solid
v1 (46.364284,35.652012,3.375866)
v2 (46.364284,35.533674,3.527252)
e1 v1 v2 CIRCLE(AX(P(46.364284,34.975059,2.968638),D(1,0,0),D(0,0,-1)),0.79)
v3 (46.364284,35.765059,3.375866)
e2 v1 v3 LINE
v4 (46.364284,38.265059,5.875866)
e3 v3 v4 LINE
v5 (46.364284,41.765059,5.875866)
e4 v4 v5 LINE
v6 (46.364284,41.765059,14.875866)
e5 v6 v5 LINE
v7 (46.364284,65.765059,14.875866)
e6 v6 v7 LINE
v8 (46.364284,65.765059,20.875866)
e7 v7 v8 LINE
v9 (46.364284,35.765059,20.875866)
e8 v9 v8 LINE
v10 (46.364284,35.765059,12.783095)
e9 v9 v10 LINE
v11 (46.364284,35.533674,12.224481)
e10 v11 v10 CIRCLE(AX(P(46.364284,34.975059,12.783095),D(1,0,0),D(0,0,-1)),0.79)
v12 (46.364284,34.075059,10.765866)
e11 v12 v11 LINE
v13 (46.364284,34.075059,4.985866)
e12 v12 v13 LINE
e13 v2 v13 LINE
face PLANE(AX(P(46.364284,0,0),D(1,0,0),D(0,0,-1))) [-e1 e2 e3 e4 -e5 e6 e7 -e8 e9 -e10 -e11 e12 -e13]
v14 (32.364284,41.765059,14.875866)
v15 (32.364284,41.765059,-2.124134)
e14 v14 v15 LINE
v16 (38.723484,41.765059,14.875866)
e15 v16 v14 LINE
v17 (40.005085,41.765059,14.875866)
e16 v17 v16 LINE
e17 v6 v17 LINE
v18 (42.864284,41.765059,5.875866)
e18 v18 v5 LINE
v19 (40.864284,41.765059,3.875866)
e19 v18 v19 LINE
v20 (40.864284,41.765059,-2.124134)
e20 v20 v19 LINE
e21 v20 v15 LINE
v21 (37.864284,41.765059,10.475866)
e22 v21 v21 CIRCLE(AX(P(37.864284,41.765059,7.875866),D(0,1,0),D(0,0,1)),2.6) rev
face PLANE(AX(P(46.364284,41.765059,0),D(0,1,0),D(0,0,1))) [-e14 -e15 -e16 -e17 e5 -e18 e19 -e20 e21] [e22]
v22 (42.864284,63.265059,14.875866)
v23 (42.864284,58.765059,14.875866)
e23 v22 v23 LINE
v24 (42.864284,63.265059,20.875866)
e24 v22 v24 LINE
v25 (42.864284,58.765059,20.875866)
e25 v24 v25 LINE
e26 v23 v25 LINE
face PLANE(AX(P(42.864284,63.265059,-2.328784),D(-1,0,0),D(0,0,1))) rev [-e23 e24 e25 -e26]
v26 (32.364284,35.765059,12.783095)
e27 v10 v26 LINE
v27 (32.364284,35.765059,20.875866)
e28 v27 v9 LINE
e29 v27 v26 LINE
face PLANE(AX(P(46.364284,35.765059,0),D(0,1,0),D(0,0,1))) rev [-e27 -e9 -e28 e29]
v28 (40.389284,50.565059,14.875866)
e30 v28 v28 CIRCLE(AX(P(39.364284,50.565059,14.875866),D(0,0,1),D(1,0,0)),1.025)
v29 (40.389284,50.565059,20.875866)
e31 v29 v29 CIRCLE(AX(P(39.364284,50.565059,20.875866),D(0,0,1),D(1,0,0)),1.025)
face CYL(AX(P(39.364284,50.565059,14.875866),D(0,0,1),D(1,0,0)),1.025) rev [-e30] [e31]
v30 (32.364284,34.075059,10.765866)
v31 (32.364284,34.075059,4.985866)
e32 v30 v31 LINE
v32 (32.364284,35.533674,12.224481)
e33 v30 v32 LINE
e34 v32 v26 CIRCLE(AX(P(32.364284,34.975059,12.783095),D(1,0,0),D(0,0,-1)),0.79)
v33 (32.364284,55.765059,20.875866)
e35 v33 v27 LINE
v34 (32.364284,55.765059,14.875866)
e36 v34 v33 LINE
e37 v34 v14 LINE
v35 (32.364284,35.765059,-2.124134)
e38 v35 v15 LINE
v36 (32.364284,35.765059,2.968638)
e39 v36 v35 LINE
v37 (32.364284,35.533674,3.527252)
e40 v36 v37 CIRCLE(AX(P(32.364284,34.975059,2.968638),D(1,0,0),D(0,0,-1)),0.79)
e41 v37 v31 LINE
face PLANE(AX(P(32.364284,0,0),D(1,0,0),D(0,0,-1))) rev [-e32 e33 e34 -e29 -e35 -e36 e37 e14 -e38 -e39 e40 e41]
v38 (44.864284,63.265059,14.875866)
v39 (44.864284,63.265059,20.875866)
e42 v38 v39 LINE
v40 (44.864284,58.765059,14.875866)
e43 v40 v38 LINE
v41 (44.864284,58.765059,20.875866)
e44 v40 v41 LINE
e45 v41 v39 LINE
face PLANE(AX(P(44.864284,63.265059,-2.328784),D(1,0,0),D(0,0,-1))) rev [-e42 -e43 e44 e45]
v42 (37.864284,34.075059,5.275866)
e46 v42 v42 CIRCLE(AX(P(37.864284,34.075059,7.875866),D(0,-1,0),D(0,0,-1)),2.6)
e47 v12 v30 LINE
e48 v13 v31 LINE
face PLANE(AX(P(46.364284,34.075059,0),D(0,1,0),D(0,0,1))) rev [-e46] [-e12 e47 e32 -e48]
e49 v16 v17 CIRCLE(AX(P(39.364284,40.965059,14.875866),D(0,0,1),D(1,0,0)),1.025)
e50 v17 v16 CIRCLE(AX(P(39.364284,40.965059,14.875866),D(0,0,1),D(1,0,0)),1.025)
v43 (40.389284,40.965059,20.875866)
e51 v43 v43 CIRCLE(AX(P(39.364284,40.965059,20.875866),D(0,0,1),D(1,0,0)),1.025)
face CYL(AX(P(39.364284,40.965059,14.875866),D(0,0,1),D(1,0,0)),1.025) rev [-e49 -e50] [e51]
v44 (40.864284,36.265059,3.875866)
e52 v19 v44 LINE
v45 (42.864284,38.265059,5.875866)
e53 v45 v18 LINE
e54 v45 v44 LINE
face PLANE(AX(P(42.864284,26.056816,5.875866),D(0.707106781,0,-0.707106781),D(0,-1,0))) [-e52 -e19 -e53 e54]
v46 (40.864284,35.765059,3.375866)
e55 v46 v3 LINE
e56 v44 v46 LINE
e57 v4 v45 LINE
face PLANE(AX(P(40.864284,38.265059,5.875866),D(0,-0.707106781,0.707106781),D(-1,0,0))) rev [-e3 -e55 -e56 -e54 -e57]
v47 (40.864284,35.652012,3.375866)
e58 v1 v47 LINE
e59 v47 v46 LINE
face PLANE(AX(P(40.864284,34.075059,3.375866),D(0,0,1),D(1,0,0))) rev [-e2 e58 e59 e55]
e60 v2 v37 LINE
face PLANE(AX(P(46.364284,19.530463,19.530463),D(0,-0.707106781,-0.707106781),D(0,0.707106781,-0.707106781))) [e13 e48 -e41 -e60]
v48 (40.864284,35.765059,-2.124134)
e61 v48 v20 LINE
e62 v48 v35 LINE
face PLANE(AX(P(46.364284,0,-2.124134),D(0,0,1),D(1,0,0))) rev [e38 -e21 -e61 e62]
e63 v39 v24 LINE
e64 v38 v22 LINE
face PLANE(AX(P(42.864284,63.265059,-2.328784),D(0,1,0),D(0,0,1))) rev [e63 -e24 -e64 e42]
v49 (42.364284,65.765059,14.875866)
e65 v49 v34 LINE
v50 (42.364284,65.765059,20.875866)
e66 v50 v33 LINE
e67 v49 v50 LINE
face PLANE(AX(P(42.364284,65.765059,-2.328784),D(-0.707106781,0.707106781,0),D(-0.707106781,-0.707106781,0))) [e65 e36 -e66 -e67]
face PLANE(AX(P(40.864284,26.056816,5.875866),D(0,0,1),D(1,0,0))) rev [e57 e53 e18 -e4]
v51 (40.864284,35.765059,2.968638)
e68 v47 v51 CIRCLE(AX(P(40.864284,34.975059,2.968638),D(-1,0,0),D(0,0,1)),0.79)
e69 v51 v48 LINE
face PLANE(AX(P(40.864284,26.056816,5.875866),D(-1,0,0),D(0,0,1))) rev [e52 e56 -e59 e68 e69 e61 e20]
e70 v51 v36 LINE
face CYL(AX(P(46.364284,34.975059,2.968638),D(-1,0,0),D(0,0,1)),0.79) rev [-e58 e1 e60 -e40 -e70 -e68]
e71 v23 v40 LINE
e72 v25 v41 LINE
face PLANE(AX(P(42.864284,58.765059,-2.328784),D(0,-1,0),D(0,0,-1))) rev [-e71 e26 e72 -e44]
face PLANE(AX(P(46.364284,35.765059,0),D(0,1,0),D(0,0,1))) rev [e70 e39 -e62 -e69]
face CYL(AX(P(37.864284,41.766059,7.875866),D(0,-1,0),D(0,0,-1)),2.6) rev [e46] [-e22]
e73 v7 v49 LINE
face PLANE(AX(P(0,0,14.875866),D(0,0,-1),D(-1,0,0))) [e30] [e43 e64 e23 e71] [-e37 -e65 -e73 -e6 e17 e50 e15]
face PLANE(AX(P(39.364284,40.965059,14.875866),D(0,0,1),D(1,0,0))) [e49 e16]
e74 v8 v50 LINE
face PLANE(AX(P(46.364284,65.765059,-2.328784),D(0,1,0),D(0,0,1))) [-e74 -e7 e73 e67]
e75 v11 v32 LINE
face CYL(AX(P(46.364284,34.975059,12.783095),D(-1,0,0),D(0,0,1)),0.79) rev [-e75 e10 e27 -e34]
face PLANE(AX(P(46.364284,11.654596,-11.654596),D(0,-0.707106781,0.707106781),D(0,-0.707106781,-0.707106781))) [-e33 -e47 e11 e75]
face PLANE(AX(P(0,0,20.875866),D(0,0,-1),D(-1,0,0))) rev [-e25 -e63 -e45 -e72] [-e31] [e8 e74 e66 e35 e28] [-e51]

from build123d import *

# Parameters (mm, degrees)
SKETCH1_W                = 20
SKETCH1_H                = 6
BOSS_EXTRUDE1_DEPTH      = 14
CUT_EXTRUDE1_REACH       = 9.69
SKETCH2_R                = 2.6
SKETCH3_W                = 14
SKETCH3_H                = 20
BOSS_EXTRUDE2_DEPTH      = 3
BOSS_EXTRUDE2_DEPTH_BACK = 3
SKETCH4_R                = 1.025
CUT_EXTRUDE4_DEPTH       = 6
SKETCH5_W                = 5.5
SKETCH5_H                = 8
CUT_EXTRUDE5_DEPTH       = 6
CHAMFER1_SIZE            = 2
CHAMFER2_SIZE            = 2.5
SKETCH6_W                = 5.5
SKETCH6_H                = 0.407228715
CUT_EXTRUDE6_DEPTH       = 2.69
SKETCH7_W                = 2
SKETCH7_H                = 4.5
BOSS_EXTRUDE3_DEPTH      = 6


with BuildPart() as part:
    # Sketch1 → Boss-Extrude1 (new body)
    with BuildSketch(Plane(origin=(32.364284334, 0, 0), x_dir=(0, 0, -1), z_dir=(1, 0, 0))):
        with Locations((-7.875866483, 38.765059464)):
            Rectangle(SKETCH1_W, SKETCH1_H)
        with BuildLine():
            Line((-12.22448084, 35.533673821), (-10.765866483, 34.075059464))
            Line((-10.765866483, 34.075059464), (-4.985866483, 34.075059464))
            Line((-4.985866483, 34.075059464), (-3.527252126, 35.533673821))
            ThreePointArc((-3.527252126, 35.533673821), (-3.27095768, 35.704924294), (-2.968637768, 35.765059464))
            Line((-2.968637768, 35.765059464), (-12.783095197, 35.765059464))
            ThreePointArc((-12.783095197, 35.765059464), (-12.480775285, 35.704924294), (-12.22448084, 35.533673821))
        make_face()
    extrude(amount=BOSS_EXTRUDE1_DEPTH)

    # Sketch2 → Cut-Extrude1 (cut, up to next)
    with BuildSketch(Plane.XZ.offset(-34.075059464), mode=Mode.PRIVATE) as cut_extrude1_sk1:
        with Locations((37.864284334, 7.875866483)):
            Circle(SKETCH2_R)
    cut_extrude1_tool1 = extrude(cut_extrude1_sk1.sketch, amount=-CUT_EXTRUDE1_REACH, mode=Mode.PRIVATE) & part.part
    add(cut_extrude1_tool1.solids().sort_by_distance((37.864284, 34.075059, 7.875866))[0], mode=Mode.SUBTRACT)

    # Sketch3 → Boss-Extrude2 (add, two sides)
    with BuildSketch(Plane.XY.offset(17.875866483)) as boss_extrude2_sk:
        with Locations((39.364284334, 45.765059464)):
            Rectangle(SKETCH3_W, SKETCH3_H)
    extrude(amount=BOSS_EXTRUDE2_DEPTH)
    extrude(boss_extrude2_sk.sketch, amount=-BOSS_EXTRUDE2_DEPTH_BACK)

    # Sketch4 → Cut-Extrude4 (cut)
    with BuildSketch(Plane.XY.offset(20.875866483)):
        with Locations((39.364284334, 50.565059464)):
            Circle(SKETCH4_R)
        with Locations((39.364284334, 40.965059464)):
            Circle(SKETCH4_R)
    extrude(amount=-CUT_EXTRUDE4_DEPTH, mode=Mode.SUBTRACT)

    # Sketch5 → Cut-Extrude5 (cut)
    with BuildSketch(Plane(origin=(0, 41.765059464, 0), x_dir=(1, 0, 0), z_dir=(0, 1, 0))):
        with Locations((43.614284334, -1.875866483)):
            Rectangle(SKETCH5_W, SKETCH5_H)
    extrude(amount=-CUT_EXTRUDE5_DEPTH, mode=Mode.SUBTRACT)

    # Chamfer1
    chamfer1_edges = [part.edges().sort_by_distance(p)[0] for p in [
        (40.864284334, 38.765059464, 5.875866483),
    ]]
    chamfer(chamfer1_edges, length=CHAMFER1_SIZE)

    # Chamfer2
    chamfer2_edges = [part.edges().sort_by_distance(p)[0] for p in [
        (44.614284334, 35.765059464, 5.875866483),
    ]]
    chamfer(chamfer2_edges, length=CHAMFER2_SIZE)

    # Sketch6 → Cut-Extrude6 (cut, through all)
    with BuildSketch(Plane(origin=(0, 35.765059464, 0), x_dir=(1, 0, 0), z_dir=(0, 1, 0))):
        with Locations((43.614284334, -3.172252126)):
            Rectangle(SKETCH6_W, SKETCH6_H)
    extrude(amount=-CUT_EXTRUDE6_DEPTH, mode=Mode.SUBTRACT)

    # Sketch7 → Boss-Extrude3 (add)
    with BuildSketch(Plane.XY.offset(20.875866483)):
        Polygon((46.364284334, 55.765059464), (46.364284334, 65.765059464), (42.364284334, 65.765059464), (32.364284334, 55.765059464), align=None)
        with Locations((43.864284334, 61.015059464)):
            Rectangle(SKETCH7_W, SKETCH7_H, mode=Mode.SUBTRACT)
    extrude(amount=-BOSS_EXTRUDE3_DEPTH)


solid = part.part
